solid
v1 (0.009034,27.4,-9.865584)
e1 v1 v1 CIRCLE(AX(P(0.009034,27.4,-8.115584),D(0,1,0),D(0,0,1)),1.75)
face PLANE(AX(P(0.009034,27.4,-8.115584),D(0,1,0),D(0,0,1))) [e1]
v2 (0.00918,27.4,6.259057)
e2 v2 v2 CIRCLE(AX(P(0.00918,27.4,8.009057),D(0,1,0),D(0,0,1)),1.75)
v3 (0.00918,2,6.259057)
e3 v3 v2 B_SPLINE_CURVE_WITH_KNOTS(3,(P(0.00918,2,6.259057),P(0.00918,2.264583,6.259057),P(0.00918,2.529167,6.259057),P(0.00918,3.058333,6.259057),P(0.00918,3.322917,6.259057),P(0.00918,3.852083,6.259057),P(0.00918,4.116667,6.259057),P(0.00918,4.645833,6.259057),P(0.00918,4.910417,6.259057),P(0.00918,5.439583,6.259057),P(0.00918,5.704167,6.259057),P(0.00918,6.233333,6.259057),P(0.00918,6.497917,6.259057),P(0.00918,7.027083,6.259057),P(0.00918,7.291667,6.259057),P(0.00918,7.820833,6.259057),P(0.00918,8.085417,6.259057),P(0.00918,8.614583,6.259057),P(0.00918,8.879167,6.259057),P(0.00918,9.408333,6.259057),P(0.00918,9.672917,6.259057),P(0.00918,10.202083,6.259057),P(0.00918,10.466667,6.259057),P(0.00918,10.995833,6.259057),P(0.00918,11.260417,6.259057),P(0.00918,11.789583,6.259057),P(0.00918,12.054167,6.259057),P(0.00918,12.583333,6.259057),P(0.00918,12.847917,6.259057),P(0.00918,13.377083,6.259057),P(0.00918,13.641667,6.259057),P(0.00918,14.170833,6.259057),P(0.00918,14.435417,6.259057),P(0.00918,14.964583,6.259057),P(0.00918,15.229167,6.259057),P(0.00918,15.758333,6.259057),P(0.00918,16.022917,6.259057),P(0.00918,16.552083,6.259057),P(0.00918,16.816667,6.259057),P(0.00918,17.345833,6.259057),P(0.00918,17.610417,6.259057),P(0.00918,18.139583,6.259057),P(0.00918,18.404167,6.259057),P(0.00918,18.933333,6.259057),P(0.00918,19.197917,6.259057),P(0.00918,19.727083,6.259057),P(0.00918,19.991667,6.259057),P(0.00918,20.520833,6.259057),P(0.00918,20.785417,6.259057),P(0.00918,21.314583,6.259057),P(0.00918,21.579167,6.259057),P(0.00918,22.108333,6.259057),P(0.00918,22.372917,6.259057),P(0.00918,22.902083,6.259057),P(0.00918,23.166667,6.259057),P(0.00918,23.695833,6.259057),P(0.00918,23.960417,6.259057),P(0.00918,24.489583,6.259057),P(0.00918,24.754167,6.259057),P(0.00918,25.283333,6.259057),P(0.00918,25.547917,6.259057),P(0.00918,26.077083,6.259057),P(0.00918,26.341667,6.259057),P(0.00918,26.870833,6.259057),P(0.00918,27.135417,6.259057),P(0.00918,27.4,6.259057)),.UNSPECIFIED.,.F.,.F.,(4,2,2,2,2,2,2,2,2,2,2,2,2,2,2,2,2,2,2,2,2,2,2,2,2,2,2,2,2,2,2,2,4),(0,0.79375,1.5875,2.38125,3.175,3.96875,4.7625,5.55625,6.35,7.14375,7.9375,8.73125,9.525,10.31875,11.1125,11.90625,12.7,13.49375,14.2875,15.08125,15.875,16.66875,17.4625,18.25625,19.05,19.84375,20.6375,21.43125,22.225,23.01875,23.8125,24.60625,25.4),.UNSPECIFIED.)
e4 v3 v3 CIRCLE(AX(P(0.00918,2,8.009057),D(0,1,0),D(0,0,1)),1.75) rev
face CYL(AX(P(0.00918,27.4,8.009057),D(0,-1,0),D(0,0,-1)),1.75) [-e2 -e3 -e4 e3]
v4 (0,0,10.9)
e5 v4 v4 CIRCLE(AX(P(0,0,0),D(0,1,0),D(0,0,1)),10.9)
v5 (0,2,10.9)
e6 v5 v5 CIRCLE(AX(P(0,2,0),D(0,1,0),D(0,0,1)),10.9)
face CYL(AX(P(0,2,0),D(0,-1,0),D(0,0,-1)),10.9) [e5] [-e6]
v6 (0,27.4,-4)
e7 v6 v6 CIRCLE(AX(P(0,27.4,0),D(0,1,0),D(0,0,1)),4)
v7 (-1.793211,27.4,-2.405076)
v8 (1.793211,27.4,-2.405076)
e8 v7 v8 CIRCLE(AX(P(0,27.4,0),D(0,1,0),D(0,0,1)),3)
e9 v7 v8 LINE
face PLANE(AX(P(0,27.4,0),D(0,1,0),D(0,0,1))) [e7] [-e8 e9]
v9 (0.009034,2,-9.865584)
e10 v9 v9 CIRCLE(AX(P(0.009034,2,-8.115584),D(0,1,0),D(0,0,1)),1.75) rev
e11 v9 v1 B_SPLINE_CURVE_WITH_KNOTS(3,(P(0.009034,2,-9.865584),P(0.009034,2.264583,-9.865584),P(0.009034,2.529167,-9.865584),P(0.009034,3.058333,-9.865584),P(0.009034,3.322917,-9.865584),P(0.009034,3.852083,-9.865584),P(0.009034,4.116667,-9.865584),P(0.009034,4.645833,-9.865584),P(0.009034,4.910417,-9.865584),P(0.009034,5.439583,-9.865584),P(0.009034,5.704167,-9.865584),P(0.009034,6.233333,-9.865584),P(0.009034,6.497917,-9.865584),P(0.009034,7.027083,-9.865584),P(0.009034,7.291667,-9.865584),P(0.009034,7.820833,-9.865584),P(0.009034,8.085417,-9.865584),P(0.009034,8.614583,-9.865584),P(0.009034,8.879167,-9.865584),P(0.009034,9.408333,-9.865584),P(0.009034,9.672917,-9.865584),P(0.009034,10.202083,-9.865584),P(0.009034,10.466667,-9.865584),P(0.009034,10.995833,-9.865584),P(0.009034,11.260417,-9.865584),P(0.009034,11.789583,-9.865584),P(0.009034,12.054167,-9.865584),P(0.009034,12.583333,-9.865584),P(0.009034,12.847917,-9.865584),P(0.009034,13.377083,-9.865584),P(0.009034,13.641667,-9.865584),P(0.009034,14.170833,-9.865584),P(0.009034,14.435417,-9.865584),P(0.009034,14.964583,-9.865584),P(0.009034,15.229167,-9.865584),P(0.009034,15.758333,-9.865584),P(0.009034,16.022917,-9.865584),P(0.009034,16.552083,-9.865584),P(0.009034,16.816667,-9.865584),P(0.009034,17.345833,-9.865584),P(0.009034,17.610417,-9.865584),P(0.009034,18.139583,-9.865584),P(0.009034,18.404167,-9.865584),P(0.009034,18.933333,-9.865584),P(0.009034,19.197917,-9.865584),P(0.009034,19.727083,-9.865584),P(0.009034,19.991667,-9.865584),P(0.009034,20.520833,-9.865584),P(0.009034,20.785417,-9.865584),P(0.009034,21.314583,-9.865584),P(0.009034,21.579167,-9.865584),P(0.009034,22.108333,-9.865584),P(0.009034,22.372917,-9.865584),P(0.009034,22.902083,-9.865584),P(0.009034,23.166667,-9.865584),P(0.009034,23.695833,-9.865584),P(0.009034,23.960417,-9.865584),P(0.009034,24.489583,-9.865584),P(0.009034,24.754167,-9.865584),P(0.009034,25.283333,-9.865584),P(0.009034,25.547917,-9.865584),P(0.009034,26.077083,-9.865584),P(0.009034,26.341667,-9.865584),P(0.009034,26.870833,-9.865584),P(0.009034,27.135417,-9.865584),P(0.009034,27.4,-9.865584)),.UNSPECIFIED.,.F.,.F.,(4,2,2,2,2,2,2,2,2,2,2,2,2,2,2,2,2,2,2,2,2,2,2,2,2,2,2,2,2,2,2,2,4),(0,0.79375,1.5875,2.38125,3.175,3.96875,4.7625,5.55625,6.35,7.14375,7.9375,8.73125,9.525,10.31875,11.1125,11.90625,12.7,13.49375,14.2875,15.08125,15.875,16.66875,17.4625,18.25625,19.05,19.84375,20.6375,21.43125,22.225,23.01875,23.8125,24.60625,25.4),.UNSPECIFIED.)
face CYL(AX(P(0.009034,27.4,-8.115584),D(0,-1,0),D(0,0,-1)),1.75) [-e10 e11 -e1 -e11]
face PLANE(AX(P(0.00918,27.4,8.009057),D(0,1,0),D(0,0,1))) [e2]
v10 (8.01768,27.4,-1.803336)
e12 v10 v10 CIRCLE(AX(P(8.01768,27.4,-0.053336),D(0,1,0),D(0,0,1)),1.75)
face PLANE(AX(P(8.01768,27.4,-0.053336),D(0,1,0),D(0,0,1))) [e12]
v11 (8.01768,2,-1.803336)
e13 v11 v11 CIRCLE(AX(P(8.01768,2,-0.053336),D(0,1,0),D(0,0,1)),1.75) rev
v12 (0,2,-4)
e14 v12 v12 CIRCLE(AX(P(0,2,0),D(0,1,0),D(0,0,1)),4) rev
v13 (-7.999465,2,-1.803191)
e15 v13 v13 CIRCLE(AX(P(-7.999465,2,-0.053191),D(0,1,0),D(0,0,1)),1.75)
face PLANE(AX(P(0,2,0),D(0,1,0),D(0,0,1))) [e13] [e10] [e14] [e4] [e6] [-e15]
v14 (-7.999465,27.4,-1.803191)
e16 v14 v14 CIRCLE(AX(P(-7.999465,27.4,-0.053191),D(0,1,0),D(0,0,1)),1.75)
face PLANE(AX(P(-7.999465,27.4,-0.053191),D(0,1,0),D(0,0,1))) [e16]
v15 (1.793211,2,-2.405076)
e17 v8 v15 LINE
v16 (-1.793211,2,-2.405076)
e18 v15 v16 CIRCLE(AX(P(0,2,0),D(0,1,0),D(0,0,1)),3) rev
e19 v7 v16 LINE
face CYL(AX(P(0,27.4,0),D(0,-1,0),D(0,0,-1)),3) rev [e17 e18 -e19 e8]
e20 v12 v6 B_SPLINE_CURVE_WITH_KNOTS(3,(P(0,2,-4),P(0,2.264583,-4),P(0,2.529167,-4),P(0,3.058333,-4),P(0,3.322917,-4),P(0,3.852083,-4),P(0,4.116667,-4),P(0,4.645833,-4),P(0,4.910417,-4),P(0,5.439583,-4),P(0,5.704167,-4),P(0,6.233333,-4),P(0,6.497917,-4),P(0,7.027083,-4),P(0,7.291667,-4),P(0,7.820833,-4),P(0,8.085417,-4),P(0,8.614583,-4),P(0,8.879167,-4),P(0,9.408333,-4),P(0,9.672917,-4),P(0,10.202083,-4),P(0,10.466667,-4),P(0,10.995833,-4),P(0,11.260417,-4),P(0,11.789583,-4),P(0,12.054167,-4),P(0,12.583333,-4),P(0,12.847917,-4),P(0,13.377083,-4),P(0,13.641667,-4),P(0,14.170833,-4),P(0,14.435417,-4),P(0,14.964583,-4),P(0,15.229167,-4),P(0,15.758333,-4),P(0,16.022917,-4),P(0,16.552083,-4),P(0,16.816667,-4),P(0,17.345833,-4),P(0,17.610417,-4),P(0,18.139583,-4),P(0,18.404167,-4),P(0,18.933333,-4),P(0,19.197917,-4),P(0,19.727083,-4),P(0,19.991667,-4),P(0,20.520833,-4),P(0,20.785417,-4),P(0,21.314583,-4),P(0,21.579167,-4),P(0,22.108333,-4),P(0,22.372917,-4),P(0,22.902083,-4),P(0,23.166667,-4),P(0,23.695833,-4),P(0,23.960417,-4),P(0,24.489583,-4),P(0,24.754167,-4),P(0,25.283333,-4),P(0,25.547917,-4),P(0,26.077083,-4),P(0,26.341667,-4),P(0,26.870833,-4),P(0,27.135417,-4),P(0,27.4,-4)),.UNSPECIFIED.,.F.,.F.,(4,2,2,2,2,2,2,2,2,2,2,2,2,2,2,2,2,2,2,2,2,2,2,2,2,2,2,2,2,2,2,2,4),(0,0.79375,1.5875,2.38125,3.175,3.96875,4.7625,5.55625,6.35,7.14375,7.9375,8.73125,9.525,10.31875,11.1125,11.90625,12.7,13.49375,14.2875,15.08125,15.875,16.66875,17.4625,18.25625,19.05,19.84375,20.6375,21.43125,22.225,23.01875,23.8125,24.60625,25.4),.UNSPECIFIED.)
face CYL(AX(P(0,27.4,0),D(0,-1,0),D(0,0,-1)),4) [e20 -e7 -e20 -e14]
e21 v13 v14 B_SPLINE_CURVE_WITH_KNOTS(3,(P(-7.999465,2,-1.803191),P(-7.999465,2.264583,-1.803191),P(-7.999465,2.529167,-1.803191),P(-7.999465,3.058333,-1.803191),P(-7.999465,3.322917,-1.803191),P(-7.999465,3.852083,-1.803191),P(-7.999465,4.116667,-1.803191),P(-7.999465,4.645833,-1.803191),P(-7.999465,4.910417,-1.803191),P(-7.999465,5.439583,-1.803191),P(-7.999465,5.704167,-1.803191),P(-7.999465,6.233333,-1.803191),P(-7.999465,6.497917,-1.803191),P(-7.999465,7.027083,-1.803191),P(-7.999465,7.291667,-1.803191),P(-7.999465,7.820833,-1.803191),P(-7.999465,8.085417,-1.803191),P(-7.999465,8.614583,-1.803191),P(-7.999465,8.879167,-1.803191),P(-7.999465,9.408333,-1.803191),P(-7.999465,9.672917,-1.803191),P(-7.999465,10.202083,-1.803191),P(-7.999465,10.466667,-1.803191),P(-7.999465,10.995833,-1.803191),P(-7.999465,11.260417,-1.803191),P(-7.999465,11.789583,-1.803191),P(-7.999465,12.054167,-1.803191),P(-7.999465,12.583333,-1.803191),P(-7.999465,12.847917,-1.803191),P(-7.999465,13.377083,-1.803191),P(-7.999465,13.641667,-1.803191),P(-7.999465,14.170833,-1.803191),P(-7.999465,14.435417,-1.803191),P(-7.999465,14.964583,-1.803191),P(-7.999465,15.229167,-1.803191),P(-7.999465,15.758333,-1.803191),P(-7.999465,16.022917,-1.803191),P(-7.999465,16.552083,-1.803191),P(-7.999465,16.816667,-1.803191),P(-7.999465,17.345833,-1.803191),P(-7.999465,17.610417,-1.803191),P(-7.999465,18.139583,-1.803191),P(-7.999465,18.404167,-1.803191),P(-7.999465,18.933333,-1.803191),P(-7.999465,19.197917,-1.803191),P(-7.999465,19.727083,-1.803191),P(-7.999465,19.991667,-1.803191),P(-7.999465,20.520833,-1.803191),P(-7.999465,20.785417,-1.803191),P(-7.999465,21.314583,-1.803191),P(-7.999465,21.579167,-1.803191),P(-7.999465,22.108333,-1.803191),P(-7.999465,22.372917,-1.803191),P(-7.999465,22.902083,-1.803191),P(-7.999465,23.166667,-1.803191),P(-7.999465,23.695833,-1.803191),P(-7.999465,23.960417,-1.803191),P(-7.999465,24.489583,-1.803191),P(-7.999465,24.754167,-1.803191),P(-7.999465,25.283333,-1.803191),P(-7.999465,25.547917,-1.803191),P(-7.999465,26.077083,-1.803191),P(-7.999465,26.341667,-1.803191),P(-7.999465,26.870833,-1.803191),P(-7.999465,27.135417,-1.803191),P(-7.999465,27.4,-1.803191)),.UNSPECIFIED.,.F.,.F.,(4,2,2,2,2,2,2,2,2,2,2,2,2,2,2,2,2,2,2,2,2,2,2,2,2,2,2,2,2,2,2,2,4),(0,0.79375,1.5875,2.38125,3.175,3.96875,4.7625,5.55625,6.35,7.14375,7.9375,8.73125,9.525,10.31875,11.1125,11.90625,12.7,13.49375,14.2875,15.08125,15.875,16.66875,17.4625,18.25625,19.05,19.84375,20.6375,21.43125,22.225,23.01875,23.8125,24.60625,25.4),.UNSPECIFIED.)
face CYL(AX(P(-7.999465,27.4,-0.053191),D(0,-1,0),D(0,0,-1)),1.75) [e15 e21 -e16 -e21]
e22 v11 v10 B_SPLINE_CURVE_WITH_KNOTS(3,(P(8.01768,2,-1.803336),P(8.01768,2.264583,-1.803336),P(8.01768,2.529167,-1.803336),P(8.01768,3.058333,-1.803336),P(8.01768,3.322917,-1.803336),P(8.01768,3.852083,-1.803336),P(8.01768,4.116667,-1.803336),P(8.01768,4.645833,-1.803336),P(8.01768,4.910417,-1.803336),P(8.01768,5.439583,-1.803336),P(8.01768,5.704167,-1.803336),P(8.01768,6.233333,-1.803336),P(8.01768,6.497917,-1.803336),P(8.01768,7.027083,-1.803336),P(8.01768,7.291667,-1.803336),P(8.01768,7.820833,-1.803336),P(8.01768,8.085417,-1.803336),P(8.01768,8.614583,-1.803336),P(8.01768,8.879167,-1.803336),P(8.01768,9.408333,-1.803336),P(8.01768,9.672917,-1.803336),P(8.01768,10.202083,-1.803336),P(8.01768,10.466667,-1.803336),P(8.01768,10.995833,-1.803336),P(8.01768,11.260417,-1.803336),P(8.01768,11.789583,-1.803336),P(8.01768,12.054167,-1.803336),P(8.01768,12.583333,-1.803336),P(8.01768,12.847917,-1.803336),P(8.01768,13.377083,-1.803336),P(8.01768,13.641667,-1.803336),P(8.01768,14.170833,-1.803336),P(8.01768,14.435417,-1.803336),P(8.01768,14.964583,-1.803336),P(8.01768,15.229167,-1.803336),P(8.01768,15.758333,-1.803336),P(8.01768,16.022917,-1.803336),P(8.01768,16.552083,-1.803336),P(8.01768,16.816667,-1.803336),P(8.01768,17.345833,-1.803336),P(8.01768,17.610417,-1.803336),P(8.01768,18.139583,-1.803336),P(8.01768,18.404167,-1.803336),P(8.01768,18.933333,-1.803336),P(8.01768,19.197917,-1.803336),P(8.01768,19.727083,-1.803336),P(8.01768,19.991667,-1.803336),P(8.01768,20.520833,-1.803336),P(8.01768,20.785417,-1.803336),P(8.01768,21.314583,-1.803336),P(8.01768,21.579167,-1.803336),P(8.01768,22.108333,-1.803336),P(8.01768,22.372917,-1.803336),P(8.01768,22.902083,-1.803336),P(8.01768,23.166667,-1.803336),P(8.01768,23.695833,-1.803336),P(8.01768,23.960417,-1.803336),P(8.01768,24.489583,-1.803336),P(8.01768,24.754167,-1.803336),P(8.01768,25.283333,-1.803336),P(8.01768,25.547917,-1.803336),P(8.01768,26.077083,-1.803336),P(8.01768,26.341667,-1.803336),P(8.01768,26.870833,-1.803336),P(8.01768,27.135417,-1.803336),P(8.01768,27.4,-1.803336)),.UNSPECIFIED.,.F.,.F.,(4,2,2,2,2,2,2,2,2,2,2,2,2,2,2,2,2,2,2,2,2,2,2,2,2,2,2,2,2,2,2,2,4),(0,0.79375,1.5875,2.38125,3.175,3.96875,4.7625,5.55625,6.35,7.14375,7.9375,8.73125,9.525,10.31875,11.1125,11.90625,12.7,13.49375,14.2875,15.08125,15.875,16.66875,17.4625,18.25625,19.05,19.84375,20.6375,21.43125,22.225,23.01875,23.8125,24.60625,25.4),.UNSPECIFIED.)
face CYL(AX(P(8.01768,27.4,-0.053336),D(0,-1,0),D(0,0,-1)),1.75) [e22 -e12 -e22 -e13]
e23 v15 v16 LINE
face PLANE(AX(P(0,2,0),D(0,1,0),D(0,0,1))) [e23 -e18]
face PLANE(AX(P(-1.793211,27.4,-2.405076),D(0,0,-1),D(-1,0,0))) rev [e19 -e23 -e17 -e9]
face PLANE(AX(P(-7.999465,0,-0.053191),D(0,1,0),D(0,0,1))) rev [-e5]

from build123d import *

# Parameters (mm, degrees)
SKETCH3_R             = 1.75
BOSS_EXTRUDE3_DEPTH   = 27.4
BOSS_EXTRUDE3_2_DEPTH = 27.4
BOSS_EXTRUDE3_3_DEPTH = 27.4
BOSS_EXTRUDE3_4_DEPTH = 27.4
SKETCH3_R_2           = 4
BOSS_EXTRUDE3_5_DEPTH = 27.4
SKETCH3_19_R          = 10.9
BOSS_EXTRUDE4_DEPTH   = 2


with BuildPart() as part:
    # Sketch3 → Boss-Extrude3 (new body)
    with BuildSketch(Plane(origin=(0, 0, 0), x_dir=(1, 0, 0), z_dir=(0, 1, 0))):
        with Locations((0.009034474, 8.115584077)):
            Circle(SKETCH3_R)
    extrude(amount=BOSS_EXTRUDE3_DEPTH)



with BuildPart() as body_2:
    # Sketch3 → Boss-Extrude3 2 (new body)
    with BuildSketch(Plane(origin=(0, 0, 0), x_dir=(1, 0, 0), z_dir=(0, 1, 0))):
        with Locations((8.017679827, 0.053335715)):
            Circle(SKETCH3_R)
    extrude(amount=BOSS_EXTRUDE3_2_DEPTH)


with BuildPart() as body_3:
    # Sketch3 → Boss-Extrude3 3 (new body)
    with BuildSketch(Plane(origin=(0, 0, 0), x_dir=(1, 0, 0), z_dir=(0, 1, 0))):
        with Locations((0.009179949, -8.009057152)):
            Circle(SKETCH3_R)
    extrude(amount=BOSS_EXTRUDE3_3_DEPTH)


with BuildPart() as body_4:
    # Sketch3 → Boss-Extrude3 4 (new body)
    with BuildSketch(Plane(origin=(0, 0, 0), x_dir=(1, 0, 0), z_dir=(0, 1, 0))):
        with Locations((-7.999465404, 0.05319121)):
            Circle(SKETCH3_R)
    extrude(amount=BOSS_EXTRUDE3_4_DEPTH)


with BuildPart() as body_5:
    # Sketch3 → Boss-Extrude3 5 (new body)
    with BuildSketch(Plane(origin=(0, 0, 0), x_dir=(1, 0, 0), z_dir=(0, 1, 0))):
        Circle(SKETCH3_R_2)
        with BuildLine():
            Line((-1.793211485, 2.405076417), (1.793211485, 2.405076417))
            ThreePointArc((1.793211485, 2.405076417), (0, -3), (-1.793211485, 2.405076417))
        make_face(mode=Mode.SUBTRACT)
    extrude(amount=BOSS_EXTRUDE3_5_DEPTH)


with BuildPart() as part_1:
    add(part.part)

    add(body_2.part)  # Boss-Extrude4 merges body 2

    add(body_3.part)  # Boss-Extrude4 merges body 3

    add(body_4.part)  # Boss-Extrude4 merges body 4

    add(body_5.part)  # Boss-Extrude4 merges body 5
    # Sketch3<19> → Boss-Extrude4 (add)
    with BuildSketch(Plane(origin=(0, 0, 0), x_dir=(1, 0, 0), z_dir=(0, 1, 0))):
        Circle(SKETCH3_19_R)
    extrude(amount=BOSS_EXTRUDE4_DEPTH)


solid = part_1.part
